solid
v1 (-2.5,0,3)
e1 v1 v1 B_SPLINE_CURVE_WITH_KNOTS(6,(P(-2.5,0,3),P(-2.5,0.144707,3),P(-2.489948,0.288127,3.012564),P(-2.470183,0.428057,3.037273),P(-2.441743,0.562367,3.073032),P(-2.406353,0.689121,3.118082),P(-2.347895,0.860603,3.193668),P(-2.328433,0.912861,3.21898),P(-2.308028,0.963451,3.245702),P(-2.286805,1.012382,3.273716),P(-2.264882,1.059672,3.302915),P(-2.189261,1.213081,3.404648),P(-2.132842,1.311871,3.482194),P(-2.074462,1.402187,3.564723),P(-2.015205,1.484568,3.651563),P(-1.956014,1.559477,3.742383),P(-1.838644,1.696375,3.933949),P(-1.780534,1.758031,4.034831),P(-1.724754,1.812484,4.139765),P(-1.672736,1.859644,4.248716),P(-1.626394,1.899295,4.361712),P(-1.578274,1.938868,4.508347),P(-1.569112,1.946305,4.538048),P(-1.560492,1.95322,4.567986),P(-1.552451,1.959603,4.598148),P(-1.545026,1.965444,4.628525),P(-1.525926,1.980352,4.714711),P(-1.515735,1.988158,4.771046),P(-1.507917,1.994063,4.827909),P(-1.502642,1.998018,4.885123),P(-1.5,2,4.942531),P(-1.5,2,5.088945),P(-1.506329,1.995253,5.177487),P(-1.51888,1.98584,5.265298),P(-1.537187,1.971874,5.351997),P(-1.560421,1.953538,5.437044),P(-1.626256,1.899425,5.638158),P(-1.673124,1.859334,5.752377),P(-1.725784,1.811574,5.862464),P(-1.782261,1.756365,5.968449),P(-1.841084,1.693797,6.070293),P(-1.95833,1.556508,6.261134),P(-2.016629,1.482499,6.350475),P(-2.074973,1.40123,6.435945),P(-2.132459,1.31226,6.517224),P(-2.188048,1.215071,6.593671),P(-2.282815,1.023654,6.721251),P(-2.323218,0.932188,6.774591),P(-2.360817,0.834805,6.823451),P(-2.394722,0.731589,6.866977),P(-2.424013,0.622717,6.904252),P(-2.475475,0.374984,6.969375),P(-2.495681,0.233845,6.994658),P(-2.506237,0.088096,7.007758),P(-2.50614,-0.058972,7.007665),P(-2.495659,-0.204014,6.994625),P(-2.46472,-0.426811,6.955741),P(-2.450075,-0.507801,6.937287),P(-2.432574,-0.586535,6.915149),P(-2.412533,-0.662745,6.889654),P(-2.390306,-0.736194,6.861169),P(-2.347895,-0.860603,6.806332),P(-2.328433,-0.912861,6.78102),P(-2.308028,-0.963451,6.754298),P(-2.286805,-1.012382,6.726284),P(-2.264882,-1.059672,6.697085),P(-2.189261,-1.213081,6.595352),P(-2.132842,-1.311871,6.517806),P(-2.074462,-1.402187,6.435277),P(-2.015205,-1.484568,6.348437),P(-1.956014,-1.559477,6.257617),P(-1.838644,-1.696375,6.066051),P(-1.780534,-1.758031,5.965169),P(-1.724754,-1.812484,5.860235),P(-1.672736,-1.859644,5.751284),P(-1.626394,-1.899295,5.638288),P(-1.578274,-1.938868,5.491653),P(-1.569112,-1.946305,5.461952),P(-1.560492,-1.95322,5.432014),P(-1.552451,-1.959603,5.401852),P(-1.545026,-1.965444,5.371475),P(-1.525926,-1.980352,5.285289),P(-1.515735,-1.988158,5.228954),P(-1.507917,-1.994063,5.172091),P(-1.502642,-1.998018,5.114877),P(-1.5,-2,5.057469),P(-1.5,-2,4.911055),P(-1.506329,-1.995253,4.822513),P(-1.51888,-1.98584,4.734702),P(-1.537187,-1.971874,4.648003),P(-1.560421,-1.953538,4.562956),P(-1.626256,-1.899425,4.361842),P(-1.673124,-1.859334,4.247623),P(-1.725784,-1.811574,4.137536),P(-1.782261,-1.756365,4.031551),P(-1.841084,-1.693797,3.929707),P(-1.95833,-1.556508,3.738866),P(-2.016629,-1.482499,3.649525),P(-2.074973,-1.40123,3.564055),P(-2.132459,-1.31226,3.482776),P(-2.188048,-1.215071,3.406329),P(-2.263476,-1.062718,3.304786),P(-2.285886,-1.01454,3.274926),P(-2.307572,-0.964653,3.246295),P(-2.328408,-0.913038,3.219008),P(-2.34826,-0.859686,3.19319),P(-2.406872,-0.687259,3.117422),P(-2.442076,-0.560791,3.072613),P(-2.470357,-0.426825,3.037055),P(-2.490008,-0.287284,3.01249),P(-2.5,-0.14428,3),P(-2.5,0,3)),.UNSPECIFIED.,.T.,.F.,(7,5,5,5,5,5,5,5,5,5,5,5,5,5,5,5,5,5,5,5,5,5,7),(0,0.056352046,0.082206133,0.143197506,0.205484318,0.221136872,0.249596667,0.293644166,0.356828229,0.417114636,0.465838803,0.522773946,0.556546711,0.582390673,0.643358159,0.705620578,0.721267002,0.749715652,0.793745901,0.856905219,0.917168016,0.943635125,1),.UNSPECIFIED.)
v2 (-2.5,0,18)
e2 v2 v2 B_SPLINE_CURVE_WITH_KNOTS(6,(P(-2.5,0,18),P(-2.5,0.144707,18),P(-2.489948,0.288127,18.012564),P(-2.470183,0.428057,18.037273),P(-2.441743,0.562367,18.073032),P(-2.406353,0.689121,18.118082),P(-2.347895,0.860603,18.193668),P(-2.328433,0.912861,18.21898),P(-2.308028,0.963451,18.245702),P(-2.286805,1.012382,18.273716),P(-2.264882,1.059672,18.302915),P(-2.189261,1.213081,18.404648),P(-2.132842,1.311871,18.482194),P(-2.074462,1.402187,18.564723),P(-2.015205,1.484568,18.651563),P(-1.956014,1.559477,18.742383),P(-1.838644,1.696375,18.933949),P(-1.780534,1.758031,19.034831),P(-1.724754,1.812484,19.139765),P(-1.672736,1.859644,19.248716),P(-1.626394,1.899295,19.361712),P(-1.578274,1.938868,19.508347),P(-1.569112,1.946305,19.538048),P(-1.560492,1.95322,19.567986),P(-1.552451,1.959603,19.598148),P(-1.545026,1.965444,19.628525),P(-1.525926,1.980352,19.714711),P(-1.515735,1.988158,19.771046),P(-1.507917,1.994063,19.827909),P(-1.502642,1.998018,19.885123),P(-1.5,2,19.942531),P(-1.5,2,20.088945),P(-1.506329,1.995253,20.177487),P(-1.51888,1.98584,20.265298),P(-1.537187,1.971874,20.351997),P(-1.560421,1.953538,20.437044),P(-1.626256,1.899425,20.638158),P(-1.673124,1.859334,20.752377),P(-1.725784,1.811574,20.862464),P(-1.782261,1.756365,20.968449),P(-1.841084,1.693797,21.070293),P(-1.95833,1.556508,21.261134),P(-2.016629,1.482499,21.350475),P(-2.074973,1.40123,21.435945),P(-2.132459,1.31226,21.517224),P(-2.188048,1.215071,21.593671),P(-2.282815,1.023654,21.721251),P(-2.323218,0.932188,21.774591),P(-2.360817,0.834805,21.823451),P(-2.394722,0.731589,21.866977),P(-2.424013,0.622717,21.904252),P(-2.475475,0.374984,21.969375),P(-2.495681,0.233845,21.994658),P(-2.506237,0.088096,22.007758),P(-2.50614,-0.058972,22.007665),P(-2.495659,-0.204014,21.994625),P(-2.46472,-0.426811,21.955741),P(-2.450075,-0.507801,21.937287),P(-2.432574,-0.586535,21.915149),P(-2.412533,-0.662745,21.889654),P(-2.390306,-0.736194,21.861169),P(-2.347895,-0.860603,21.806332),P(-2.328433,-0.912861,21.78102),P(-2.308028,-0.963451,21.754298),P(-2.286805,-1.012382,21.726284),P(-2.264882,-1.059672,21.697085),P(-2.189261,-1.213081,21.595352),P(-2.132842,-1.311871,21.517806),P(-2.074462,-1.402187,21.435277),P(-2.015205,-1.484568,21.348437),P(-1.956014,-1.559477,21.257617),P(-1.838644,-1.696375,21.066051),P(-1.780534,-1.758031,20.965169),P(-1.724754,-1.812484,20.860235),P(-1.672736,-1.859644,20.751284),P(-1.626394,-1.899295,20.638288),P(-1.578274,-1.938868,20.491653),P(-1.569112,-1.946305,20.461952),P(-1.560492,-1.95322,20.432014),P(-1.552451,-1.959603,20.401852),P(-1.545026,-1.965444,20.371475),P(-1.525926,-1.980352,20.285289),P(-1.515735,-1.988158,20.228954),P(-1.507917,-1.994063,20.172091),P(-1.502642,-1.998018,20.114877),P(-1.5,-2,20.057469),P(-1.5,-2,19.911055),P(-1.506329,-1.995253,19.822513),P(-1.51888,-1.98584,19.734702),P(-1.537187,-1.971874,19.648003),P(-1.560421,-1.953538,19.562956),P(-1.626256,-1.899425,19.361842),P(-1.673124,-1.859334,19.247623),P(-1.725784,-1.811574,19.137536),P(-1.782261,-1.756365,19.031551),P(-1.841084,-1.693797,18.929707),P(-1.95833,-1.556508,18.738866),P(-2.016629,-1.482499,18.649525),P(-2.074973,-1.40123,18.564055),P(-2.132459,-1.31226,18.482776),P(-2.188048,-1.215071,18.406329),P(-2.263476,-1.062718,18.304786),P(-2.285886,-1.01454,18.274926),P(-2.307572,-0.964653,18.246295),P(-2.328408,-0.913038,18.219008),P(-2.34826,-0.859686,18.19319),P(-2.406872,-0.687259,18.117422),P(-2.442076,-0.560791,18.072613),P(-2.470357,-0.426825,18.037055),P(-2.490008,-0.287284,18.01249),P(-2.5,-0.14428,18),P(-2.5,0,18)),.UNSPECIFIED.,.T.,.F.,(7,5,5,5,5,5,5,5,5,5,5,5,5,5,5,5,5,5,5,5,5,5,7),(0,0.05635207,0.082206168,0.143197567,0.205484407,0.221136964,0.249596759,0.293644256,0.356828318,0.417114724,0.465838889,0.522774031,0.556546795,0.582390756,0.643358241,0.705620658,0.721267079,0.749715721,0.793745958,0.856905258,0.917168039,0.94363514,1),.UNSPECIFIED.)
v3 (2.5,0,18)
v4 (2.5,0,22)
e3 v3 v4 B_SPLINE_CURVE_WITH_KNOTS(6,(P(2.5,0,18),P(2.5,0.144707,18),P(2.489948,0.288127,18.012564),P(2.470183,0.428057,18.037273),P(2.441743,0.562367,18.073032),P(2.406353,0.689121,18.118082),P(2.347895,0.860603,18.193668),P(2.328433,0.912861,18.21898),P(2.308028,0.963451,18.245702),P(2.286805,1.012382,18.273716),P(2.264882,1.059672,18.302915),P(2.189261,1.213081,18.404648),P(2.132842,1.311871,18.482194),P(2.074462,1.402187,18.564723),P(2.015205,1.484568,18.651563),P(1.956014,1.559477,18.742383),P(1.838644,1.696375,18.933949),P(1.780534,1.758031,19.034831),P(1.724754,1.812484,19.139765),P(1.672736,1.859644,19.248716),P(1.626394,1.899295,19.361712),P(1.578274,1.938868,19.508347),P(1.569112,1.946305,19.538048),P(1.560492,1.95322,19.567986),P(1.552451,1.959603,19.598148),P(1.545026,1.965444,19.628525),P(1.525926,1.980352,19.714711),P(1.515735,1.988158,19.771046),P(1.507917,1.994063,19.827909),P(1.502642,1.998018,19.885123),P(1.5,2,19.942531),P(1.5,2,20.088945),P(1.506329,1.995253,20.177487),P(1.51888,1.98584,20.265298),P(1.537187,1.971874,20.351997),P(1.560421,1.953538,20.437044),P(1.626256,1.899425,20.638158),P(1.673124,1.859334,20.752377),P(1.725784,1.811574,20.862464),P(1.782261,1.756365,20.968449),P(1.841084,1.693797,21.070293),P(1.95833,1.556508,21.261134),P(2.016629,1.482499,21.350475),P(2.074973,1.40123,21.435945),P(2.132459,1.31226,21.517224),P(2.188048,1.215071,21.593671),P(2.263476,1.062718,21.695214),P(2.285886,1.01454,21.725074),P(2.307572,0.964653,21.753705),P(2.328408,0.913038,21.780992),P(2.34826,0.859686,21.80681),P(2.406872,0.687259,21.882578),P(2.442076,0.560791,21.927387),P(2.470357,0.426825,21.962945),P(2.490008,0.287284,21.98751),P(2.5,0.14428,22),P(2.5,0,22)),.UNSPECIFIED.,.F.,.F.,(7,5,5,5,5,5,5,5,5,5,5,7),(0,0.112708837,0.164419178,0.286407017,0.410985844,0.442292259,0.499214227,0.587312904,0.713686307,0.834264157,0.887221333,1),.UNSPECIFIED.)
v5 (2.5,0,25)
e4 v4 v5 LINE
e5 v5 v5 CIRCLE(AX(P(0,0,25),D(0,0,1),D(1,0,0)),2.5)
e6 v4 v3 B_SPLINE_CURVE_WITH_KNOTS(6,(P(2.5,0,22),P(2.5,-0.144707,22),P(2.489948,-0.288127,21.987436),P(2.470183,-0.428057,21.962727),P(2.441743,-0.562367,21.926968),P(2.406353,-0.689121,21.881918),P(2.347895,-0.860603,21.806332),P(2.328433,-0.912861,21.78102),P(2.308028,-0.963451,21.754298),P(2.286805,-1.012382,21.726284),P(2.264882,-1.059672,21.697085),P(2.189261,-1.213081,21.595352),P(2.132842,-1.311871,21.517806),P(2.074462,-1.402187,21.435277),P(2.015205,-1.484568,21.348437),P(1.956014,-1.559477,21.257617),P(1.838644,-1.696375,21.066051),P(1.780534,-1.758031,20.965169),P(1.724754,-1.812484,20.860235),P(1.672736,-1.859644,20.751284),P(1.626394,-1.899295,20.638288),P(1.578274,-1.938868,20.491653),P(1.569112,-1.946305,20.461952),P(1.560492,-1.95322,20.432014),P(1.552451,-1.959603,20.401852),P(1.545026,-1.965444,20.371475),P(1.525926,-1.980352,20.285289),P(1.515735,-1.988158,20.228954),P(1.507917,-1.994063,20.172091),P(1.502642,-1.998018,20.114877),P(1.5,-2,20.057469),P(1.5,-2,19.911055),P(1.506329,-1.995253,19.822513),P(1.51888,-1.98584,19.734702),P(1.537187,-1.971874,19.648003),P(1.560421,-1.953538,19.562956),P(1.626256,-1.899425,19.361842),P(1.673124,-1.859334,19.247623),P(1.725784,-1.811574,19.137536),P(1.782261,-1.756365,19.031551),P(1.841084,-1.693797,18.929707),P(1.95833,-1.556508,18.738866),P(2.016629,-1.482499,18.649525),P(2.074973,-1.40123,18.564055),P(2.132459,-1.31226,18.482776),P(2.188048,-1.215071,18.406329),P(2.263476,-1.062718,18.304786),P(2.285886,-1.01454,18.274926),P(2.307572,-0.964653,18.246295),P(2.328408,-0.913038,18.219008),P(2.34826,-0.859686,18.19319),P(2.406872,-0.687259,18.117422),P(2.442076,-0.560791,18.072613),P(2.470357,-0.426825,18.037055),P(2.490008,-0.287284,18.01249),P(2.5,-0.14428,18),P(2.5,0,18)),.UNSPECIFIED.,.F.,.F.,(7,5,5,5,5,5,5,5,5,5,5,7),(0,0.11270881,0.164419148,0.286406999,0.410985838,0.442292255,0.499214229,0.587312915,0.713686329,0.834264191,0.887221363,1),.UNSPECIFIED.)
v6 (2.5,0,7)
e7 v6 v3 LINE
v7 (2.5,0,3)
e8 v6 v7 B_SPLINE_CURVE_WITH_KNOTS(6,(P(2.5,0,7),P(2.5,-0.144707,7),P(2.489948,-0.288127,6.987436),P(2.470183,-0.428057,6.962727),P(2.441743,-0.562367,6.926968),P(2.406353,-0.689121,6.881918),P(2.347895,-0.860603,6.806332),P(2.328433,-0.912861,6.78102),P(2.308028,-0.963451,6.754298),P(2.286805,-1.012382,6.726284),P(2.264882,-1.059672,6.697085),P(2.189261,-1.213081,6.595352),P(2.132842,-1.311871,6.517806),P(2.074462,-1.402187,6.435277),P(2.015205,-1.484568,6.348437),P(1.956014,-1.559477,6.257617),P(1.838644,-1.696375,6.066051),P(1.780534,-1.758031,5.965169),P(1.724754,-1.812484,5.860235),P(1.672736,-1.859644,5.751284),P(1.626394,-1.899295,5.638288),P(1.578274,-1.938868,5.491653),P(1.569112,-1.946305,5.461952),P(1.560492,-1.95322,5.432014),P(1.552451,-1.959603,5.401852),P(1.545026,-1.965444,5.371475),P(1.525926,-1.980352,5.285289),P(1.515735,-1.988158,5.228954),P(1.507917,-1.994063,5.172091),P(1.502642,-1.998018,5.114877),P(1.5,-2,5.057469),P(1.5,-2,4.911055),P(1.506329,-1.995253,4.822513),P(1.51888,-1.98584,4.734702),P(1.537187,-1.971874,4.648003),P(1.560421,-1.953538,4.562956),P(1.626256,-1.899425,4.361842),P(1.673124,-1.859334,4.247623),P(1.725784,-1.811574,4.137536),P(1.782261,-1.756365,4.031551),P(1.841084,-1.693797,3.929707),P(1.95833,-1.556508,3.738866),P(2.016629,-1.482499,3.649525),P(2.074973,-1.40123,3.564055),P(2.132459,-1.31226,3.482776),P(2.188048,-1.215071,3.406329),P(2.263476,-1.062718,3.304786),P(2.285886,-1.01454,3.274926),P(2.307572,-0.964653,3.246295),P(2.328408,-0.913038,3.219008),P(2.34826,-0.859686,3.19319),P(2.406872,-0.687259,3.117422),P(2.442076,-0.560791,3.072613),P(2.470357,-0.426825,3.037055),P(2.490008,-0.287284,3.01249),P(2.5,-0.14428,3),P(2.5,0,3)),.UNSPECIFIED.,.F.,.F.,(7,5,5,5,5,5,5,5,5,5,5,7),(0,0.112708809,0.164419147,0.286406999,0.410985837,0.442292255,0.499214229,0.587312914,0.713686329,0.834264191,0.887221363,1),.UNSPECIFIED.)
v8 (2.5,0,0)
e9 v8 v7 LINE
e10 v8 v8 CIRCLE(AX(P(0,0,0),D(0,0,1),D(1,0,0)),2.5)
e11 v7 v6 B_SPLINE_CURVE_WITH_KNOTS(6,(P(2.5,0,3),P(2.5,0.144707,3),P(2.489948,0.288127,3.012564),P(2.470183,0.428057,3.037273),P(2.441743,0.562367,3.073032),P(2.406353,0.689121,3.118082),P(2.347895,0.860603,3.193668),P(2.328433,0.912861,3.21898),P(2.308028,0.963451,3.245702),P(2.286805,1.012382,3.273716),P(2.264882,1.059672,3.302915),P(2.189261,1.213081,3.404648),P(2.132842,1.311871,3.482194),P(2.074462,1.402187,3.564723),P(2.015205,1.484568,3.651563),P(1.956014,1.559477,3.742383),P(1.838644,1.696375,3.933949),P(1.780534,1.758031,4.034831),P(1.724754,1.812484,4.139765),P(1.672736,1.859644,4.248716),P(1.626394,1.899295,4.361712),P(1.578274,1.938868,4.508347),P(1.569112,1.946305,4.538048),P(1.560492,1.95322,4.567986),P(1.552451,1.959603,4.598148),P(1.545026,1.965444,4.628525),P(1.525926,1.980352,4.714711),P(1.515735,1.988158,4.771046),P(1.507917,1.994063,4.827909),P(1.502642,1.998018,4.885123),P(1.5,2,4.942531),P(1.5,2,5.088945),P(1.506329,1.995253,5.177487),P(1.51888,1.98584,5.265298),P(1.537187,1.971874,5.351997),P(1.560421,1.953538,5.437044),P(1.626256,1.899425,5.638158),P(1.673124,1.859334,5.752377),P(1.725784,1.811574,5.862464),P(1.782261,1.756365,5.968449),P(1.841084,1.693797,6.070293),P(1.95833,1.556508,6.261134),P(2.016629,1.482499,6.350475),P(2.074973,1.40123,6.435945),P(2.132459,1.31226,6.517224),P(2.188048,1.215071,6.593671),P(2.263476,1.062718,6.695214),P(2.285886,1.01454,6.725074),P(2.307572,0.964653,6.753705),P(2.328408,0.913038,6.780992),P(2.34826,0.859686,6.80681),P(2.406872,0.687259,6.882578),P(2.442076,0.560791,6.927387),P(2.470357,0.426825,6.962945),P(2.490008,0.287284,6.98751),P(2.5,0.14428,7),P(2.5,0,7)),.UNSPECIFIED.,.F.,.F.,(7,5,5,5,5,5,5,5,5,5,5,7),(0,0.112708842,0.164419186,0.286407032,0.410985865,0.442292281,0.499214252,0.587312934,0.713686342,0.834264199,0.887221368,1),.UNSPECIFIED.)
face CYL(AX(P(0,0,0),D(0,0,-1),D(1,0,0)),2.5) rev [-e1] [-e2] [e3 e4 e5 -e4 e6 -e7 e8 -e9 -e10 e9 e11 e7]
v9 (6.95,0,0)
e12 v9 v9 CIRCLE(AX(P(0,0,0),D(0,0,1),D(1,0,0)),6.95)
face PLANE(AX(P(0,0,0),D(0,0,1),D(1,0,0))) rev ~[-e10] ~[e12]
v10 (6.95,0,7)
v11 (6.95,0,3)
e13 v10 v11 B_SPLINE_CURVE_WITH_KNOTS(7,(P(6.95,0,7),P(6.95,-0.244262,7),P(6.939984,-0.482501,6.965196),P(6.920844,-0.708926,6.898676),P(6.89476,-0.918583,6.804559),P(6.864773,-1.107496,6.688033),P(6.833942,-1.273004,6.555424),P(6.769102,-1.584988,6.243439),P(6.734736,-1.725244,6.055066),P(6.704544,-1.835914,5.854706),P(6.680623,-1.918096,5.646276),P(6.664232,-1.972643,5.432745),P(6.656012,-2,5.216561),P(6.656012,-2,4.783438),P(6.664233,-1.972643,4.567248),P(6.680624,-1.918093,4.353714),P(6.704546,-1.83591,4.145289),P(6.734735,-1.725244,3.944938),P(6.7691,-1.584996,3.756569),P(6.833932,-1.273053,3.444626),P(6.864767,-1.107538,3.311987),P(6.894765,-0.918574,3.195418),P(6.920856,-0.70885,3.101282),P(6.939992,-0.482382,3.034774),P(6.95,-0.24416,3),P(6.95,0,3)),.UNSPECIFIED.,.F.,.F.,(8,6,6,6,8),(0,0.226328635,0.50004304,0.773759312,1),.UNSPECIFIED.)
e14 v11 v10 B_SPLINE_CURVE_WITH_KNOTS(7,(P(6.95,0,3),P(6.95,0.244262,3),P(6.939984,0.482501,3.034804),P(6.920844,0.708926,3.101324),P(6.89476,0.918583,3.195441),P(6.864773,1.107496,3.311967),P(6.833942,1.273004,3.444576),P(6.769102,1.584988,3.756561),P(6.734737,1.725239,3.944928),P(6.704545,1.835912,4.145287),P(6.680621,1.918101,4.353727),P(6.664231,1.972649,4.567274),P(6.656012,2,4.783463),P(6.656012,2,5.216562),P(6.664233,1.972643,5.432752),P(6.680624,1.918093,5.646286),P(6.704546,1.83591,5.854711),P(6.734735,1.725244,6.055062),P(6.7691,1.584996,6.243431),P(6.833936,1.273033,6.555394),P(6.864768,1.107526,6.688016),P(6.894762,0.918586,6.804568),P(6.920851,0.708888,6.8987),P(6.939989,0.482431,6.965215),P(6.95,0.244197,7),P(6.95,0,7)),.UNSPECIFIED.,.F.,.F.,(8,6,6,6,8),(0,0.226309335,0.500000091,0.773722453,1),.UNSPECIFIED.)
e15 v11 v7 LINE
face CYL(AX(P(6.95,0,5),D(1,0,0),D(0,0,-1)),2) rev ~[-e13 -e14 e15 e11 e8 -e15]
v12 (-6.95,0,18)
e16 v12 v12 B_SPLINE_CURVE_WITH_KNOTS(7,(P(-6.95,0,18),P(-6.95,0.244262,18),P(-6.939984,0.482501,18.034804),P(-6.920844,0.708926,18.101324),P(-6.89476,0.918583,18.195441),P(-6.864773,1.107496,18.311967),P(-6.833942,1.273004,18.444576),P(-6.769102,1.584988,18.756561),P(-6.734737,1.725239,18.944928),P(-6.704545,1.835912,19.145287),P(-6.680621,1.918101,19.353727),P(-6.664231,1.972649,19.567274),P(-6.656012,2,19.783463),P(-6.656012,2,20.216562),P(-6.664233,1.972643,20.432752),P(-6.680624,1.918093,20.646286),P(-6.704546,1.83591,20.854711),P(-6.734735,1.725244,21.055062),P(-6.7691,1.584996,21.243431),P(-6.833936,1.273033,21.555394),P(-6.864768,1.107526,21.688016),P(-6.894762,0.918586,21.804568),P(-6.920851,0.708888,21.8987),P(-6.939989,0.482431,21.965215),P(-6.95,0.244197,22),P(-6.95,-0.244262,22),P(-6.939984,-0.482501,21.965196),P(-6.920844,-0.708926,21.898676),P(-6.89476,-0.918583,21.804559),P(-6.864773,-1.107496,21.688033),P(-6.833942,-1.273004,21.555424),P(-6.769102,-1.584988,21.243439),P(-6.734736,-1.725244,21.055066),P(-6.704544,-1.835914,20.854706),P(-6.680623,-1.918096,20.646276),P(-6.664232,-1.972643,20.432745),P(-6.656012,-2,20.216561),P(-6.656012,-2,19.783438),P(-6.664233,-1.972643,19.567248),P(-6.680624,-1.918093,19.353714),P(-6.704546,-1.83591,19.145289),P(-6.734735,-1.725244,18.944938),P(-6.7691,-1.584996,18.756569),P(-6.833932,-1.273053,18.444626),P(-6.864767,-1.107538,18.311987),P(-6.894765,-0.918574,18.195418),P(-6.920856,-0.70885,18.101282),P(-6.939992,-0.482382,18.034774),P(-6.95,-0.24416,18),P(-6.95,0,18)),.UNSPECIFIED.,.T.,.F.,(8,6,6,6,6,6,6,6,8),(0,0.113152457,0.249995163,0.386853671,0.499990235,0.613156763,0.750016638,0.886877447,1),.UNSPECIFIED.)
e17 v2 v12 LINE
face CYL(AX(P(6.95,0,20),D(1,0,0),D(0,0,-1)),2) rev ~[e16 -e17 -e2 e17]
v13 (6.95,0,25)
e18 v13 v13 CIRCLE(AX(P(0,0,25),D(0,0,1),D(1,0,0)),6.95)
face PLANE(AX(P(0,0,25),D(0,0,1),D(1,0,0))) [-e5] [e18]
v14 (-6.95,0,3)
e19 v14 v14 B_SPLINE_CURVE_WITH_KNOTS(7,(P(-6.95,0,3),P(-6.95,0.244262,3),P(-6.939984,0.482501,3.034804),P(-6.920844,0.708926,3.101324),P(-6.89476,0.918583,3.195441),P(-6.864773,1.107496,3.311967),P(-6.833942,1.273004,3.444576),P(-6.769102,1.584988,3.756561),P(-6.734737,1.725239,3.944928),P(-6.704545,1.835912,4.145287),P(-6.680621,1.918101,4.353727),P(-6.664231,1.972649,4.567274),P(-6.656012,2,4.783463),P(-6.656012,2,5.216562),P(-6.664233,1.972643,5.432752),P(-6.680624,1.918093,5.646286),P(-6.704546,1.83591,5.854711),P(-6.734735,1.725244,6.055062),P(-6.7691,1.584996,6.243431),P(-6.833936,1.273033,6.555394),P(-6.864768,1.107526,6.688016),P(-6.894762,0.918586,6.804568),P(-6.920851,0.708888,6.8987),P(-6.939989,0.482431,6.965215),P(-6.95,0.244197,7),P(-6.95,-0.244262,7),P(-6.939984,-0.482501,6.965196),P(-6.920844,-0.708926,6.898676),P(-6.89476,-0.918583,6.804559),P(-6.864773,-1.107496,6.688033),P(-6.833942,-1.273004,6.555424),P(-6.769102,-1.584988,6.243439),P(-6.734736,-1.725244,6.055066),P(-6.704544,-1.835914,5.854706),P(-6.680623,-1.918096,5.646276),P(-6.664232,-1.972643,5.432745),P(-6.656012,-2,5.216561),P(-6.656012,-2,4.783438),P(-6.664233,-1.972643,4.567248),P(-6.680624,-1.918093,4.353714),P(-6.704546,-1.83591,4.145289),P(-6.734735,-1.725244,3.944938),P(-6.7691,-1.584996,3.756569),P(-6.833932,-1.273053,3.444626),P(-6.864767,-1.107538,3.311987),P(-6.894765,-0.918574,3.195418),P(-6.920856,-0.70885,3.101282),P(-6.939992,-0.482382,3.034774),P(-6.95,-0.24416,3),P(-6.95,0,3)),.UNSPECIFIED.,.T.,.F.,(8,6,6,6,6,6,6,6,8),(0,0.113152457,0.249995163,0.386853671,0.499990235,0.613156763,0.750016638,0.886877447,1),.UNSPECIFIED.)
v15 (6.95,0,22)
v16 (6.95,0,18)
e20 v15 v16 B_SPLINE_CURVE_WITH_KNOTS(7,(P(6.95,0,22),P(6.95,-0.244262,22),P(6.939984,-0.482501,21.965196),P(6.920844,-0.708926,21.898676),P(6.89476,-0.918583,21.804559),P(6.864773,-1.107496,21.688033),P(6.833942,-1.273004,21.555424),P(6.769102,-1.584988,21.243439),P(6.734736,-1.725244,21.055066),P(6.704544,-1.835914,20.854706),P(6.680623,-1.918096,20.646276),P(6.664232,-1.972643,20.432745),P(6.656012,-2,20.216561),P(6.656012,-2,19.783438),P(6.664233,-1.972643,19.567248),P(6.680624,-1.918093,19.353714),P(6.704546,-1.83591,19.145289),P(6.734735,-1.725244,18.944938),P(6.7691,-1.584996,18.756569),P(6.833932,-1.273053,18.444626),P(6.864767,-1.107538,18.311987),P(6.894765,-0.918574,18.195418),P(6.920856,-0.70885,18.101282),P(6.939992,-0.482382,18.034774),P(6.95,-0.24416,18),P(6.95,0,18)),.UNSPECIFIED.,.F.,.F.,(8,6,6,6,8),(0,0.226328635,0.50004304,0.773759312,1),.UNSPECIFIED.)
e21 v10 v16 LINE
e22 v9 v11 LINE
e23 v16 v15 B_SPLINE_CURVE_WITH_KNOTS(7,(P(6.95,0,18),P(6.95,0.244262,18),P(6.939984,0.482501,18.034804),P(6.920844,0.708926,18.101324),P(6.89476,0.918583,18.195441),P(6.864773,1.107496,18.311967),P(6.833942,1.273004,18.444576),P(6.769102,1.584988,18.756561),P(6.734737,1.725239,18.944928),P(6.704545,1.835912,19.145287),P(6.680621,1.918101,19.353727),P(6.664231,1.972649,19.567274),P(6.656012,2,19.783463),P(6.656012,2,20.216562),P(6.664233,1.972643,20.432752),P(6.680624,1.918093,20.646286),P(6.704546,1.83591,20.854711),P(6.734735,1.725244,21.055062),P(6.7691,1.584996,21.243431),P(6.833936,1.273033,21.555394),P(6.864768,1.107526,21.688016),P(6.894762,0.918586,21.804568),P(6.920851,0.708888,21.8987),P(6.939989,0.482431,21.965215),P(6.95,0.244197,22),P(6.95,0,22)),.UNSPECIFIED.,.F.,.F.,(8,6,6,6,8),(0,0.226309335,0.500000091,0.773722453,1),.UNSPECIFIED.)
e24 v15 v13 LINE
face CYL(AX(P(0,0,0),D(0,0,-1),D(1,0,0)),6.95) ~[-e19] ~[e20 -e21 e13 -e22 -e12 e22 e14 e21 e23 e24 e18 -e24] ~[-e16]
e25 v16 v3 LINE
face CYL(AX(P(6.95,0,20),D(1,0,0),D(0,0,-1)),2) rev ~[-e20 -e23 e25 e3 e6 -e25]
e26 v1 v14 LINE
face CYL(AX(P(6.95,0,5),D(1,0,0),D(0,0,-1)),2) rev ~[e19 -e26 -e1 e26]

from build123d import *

# Parameters (mm, degrees)
SKETCH_1_R          = 6.95
SKETCH_1_R_2        = 2.5
EXTRUDE_1_DEPTH     = 25
SKETCH_2_R          = 2
CUT_EXTRUDE_1_DEPTH = 30.436584381


with BuildPart() as part:
    # 草图1 → 凸台-拉伸1 (new body)
    with BuildSketch(Plane.XY):
        Circle(SKETCH_1_R)
        Circle(SKETCH_1_R_2, mode=Mode.SUBTRACT)
    extrude(amount=EXTRUDE_1_DEPTH)

    # 草图2 → 切除-拉伸1 (cut, through all)
    with BuildSketch(Plane(origin=(6.95, 0, 0), x_dir=(0, 0, -1), z_dir=(1, 0, 0))):
        with Locations((-5, 0)):
            Circle(SKETCH_2_R)
        with Locations((-20, 0)):
            Circle(SKETCH_2_R)
    extrude(amount=-CUT_EXTRUDE_1_DEPTH, mode=Mode.SUBTRACT)


solid = part.part
